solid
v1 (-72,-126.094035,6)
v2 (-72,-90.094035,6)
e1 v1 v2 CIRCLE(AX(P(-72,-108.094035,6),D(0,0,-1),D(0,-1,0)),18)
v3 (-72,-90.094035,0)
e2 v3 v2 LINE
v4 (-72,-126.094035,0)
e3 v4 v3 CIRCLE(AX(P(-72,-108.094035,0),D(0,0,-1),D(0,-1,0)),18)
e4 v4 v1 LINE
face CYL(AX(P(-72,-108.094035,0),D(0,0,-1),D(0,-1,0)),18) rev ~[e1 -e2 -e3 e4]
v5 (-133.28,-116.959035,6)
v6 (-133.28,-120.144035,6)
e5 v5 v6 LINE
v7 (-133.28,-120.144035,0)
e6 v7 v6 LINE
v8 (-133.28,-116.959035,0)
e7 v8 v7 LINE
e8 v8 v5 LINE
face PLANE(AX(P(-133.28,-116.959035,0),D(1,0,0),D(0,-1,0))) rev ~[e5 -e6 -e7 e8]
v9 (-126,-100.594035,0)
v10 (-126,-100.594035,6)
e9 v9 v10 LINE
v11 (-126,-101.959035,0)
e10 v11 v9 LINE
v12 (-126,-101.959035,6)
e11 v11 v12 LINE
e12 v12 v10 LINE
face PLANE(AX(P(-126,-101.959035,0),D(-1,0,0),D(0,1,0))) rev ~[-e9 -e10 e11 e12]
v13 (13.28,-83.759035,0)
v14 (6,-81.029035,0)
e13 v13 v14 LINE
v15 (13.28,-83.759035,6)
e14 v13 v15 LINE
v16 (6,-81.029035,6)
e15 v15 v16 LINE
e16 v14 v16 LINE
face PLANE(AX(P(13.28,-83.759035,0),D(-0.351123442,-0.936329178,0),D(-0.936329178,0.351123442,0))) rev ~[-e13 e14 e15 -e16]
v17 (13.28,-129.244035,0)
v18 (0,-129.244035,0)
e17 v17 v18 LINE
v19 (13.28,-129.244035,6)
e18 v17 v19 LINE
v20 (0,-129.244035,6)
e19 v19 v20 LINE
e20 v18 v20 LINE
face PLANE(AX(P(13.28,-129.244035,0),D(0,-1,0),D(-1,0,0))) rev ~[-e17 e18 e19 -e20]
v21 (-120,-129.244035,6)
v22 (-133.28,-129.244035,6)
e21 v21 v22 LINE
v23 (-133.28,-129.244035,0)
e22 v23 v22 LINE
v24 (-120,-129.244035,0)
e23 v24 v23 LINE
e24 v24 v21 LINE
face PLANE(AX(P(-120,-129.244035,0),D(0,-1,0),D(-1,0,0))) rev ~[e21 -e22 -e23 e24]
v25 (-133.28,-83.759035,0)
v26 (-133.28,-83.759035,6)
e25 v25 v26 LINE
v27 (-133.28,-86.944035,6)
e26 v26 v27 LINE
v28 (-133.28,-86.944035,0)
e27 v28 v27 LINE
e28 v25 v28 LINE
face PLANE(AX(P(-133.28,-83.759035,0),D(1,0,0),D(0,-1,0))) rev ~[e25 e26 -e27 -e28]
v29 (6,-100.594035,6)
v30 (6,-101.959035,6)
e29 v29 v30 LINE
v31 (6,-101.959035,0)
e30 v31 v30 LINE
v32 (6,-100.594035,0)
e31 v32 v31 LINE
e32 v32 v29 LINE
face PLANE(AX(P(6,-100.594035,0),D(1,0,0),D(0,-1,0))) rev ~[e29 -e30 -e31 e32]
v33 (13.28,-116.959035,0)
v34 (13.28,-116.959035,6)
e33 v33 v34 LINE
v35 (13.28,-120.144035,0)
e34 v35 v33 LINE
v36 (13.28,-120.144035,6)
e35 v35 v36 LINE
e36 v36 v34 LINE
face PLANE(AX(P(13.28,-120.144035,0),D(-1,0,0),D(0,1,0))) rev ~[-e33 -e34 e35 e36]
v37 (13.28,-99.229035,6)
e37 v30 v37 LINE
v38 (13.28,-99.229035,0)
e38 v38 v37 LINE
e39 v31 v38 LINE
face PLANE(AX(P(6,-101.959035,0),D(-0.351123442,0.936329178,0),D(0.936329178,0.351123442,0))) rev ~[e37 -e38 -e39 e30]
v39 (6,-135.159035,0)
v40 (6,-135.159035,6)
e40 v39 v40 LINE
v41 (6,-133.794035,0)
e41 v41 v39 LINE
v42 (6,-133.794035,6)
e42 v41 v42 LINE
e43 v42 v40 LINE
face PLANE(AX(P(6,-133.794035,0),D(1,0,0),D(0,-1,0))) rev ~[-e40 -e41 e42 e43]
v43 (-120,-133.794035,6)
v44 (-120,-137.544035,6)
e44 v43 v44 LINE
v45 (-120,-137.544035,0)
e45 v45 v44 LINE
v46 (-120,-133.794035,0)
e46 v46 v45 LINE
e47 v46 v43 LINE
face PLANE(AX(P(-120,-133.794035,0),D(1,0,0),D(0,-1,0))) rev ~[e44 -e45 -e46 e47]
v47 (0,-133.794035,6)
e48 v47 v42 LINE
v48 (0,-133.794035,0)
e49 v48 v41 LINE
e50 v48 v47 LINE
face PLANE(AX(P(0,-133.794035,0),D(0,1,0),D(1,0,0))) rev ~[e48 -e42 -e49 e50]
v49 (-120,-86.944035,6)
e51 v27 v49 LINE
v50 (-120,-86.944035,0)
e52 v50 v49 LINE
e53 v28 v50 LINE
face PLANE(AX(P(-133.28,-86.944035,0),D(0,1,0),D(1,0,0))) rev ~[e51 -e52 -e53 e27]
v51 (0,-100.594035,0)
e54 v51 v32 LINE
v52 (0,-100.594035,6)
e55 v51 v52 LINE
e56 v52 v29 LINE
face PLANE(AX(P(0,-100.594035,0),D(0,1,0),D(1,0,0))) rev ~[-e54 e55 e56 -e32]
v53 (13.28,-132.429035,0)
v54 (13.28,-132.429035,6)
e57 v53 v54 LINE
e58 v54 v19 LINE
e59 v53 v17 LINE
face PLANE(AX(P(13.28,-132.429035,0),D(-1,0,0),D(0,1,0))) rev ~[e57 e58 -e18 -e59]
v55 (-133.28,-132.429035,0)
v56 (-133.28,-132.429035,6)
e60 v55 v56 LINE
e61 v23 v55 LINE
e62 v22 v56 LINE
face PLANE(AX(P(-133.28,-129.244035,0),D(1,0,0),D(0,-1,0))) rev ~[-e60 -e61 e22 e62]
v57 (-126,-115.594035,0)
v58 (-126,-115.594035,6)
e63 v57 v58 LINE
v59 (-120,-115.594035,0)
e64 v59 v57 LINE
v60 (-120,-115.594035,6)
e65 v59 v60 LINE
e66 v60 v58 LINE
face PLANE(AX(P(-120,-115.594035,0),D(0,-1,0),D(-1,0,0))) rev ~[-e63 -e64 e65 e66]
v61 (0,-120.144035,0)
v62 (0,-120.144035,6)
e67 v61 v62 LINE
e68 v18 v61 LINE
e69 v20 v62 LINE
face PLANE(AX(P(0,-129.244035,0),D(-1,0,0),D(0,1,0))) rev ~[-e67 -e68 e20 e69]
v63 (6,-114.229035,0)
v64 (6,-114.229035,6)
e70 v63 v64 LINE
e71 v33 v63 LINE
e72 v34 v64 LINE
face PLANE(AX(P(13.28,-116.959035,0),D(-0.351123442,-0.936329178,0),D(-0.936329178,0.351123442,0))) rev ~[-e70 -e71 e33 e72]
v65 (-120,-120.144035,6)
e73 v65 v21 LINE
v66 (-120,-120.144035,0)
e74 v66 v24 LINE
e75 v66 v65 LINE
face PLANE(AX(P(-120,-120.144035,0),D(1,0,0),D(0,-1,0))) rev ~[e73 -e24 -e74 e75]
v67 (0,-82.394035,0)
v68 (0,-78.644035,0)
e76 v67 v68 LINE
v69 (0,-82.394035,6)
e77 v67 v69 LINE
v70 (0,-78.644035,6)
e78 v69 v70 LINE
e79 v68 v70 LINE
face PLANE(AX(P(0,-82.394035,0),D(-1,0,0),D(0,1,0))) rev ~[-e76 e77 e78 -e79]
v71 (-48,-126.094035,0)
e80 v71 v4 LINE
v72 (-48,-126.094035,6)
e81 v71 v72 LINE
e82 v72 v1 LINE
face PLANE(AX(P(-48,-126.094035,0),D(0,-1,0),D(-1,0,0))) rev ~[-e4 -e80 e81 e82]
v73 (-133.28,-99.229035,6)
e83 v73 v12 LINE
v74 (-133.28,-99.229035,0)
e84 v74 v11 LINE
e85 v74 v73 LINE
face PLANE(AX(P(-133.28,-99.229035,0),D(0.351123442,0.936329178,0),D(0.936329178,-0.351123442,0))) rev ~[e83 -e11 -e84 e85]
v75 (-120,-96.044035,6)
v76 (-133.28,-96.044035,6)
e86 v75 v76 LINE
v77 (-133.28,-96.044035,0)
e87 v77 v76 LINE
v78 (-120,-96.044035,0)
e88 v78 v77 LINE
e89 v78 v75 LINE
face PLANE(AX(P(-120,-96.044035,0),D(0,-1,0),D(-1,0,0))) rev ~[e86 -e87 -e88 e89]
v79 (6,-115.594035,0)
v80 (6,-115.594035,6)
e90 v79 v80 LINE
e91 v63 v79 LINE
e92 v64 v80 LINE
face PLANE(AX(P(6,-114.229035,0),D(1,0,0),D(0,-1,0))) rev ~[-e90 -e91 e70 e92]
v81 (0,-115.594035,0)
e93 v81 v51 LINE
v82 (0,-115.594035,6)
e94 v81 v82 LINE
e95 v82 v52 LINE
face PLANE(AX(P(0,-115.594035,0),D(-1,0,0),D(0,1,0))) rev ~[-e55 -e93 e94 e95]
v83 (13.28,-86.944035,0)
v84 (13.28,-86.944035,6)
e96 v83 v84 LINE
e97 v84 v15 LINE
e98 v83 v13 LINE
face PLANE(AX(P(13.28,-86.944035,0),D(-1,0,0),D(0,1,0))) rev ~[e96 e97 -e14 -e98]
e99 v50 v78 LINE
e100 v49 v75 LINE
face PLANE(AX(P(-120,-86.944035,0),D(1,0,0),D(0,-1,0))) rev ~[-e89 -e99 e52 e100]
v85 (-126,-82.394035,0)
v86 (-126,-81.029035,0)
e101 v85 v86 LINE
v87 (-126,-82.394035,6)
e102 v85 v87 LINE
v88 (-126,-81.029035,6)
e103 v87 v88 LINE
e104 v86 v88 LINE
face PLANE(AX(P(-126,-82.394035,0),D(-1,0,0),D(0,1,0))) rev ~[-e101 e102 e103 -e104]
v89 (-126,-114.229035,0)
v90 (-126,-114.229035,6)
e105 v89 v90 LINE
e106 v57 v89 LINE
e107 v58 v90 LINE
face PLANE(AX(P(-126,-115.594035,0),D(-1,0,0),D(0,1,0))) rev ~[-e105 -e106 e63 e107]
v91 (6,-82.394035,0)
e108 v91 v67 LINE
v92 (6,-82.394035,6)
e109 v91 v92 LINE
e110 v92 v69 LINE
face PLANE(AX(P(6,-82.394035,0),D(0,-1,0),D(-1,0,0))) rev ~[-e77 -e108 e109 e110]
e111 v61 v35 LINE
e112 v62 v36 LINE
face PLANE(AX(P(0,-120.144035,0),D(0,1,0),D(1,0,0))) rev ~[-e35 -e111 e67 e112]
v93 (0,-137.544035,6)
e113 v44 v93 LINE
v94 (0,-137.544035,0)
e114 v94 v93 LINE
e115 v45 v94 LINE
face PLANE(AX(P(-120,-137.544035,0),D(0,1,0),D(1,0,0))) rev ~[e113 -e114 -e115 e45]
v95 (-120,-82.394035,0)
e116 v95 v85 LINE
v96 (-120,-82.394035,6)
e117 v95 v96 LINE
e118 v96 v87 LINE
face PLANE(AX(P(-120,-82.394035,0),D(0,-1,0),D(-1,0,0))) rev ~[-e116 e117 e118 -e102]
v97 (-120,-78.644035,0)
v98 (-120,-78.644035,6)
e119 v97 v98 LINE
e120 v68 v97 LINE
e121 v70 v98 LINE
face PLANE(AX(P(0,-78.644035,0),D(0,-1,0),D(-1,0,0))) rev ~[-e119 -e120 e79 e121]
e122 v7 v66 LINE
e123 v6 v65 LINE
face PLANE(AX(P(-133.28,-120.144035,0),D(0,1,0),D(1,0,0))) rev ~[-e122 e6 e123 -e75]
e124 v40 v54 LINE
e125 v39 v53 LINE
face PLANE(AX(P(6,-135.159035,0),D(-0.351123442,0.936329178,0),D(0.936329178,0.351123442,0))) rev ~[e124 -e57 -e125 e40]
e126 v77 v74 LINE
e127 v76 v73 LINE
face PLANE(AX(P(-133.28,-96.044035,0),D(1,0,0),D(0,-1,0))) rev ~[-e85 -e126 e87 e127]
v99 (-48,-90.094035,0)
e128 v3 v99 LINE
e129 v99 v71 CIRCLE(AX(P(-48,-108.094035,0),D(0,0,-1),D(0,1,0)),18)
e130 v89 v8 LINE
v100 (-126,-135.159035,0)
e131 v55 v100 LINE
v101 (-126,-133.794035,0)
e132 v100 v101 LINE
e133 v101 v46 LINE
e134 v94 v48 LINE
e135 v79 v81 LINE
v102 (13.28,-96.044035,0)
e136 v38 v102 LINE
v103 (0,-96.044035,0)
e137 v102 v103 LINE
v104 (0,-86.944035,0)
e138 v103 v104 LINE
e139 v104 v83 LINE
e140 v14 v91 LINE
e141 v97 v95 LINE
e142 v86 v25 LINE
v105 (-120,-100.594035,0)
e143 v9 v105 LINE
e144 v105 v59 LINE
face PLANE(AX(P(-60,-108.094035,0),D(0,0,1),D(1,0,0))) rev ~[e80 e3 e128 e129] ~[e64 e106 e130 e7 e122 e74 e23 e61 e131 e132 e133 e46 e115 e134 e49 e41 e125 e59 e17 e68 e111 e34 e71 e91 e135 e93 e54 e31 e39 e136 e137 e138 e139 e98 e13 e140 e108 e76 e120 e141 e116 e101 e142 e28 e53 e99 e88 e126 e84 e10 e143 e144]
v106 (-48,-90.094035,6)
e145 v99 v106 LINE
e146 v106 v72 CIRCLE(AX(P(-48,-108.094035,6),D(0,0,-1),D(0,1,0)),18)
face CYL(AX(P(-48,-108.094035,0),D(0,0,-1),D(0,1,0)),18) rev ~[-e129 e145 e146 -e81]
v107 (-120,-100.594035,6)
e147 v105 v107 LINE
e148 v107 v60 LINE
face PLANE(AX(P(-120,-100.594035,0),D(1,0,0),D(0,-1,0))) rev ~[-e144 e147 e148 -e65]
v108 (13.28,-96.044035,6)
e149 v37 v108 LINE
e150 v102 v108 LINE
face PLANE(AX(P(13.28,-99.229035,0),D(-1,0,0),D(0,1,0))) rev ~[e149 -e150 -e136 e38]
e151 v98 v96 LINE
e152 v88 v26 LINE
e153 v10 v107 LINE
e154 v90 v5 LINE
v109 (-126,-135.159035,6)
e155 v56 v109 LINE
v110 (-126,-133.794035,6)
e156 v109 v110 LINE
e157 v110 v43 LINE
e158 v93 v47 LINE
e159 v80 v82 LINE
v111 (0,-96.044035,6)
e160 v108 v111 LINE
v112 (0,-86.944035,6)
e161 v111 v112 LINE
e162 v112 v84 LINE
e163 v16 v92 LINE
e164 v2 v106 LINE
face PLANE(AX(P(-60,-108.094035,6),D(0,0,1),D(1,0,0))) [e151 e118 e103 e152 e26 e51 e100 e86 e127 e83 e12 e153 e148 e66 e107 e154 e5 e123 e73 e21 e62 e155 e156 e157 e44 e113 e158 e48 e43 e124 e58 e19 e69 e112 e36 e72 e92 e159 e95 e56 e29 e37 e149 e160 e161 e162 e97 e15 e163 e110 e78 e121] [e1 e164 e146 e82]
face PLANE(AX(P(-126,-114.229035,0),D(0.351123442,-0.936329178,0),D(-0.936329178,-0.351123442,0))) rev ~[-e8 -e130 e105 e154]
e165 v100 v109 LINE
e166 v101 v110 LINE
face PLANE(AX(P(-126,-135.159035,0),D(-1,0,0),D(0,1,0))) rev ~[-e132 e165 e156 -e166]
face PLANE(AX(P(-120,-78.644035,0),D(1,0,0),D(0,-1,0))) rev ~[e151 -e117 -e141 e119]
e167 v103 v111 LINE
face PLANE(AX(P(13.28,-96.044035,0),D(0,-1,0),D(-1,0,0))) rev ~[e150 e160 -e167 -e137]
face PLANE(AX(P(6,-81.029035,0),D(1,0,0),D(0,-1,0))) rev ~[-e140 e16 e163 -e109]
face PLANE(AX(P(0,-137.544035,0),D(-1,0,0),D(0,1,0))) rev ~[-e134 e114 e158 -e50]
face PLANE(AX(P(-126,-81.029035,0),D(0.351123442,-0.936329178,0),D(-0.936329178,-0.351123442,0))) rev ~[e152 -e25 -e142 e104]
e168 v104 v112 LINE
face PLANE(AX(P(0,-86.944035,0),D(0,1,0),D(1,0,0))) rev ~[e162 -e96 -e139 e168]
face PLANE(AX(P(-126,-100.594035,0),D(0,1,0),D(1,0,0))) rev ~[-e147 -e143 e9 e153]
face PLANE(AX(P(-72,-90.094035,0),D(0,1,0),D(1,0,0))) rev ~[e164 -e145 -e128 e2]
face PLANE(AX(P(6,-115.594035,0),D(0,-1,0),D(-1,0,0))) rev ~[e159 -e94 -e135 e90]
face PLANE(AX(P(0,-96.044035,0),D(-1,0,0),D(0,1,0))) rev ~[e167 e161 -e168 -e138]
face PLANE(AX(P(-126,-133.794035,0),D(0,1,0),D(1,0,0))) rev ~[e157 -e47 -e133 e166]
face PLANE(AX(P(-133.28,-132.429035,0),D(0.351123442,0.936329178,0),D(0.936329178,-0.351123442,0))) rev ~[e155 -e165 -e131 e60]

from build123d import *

# Parameters (mm, degrees)
ESTRUSIONE_ESTRUSIONE1_DEPTH = 6


with BuildPart() as part:
    # Schizzo1 → Estrusione-Estrusione1 (new body)
    with BuildSketch(Plane.XY):
        Polygon((6, -115.594034624), (0, -115.594034624), (0, -100.594034624), (6, -100.594034624), (6, -101.959034624), (13.28, -99.229034624), (13.28, -96.044034624), (6, -96.044034624), (0, -96.044034624), (0, -86.944034624), (6, -86.944034624), (13.28, -86.944034624), (13.28, -83.759034624), (6, -81.029034624), (6, -82.394034624), (0, -82.394034624), (0, -78.644034624), (-120, -78.644034624), (-120, -82.394034624), (-126, -82.394034624), (-126, -81.029034624), (-133.28, -83.759034624), (-133.28, -86.944034624), (-126, -86.944034624), (-120, -86.944034624), (-120, -96.044034624), (-126, -96.044034624), (-133.28, -96.044034624), (-133.28, -99.229034624), (-126, -101.959034624), (-126, -100.594034624), (-120, -100.594034624), (-120, -115.594034624), (-126, -115.594034624), (-126, -114.229034624), (-133.28, -116.959034624), (-133.28, -120.144034624), (-126, -120.144034624), (-120, -120.144034624), (-120, -129.244034624), (-126, -129.244034624), (-133.28, -129.244034624), (-133.28, -132.429034624), (-126, -135.159034624), (-126, -133.794034624), (-120, -133.794034624), (-120, -137.544034624), (0, -137.544034624), (0, -133.794034624), (6, -133.794034624), (6, -135.159034624), (13.28, -132.429034624), (13.28, -129.244034624), (6, -129.244034624), (0, -129.244034624), (0, -120.144034624), (6, -120.144034624), (13.28, -120.144034624), (13.28, -116.959034624), (6, -114.229034624), align=None)
        with BuildLine():
            Line((-72, -90.094034624), (-48, -90.094034624))
            ThreePointArc((-48, -90.094034624), (-30, -108.094034624), (-48, -126.094034624))
            Line((-48, -126.094034624), (-72, -126.094034624))
            ThreePointArc((-72, -126.094034624), (-90, -108.094034624), (-72, -90.094034624))
        make_face(mode=Mode.SUBTRACT)
    extrude(amount=ESTRUSIONE_ESTRUSIONE1_DEPTH)


solid = part.part
